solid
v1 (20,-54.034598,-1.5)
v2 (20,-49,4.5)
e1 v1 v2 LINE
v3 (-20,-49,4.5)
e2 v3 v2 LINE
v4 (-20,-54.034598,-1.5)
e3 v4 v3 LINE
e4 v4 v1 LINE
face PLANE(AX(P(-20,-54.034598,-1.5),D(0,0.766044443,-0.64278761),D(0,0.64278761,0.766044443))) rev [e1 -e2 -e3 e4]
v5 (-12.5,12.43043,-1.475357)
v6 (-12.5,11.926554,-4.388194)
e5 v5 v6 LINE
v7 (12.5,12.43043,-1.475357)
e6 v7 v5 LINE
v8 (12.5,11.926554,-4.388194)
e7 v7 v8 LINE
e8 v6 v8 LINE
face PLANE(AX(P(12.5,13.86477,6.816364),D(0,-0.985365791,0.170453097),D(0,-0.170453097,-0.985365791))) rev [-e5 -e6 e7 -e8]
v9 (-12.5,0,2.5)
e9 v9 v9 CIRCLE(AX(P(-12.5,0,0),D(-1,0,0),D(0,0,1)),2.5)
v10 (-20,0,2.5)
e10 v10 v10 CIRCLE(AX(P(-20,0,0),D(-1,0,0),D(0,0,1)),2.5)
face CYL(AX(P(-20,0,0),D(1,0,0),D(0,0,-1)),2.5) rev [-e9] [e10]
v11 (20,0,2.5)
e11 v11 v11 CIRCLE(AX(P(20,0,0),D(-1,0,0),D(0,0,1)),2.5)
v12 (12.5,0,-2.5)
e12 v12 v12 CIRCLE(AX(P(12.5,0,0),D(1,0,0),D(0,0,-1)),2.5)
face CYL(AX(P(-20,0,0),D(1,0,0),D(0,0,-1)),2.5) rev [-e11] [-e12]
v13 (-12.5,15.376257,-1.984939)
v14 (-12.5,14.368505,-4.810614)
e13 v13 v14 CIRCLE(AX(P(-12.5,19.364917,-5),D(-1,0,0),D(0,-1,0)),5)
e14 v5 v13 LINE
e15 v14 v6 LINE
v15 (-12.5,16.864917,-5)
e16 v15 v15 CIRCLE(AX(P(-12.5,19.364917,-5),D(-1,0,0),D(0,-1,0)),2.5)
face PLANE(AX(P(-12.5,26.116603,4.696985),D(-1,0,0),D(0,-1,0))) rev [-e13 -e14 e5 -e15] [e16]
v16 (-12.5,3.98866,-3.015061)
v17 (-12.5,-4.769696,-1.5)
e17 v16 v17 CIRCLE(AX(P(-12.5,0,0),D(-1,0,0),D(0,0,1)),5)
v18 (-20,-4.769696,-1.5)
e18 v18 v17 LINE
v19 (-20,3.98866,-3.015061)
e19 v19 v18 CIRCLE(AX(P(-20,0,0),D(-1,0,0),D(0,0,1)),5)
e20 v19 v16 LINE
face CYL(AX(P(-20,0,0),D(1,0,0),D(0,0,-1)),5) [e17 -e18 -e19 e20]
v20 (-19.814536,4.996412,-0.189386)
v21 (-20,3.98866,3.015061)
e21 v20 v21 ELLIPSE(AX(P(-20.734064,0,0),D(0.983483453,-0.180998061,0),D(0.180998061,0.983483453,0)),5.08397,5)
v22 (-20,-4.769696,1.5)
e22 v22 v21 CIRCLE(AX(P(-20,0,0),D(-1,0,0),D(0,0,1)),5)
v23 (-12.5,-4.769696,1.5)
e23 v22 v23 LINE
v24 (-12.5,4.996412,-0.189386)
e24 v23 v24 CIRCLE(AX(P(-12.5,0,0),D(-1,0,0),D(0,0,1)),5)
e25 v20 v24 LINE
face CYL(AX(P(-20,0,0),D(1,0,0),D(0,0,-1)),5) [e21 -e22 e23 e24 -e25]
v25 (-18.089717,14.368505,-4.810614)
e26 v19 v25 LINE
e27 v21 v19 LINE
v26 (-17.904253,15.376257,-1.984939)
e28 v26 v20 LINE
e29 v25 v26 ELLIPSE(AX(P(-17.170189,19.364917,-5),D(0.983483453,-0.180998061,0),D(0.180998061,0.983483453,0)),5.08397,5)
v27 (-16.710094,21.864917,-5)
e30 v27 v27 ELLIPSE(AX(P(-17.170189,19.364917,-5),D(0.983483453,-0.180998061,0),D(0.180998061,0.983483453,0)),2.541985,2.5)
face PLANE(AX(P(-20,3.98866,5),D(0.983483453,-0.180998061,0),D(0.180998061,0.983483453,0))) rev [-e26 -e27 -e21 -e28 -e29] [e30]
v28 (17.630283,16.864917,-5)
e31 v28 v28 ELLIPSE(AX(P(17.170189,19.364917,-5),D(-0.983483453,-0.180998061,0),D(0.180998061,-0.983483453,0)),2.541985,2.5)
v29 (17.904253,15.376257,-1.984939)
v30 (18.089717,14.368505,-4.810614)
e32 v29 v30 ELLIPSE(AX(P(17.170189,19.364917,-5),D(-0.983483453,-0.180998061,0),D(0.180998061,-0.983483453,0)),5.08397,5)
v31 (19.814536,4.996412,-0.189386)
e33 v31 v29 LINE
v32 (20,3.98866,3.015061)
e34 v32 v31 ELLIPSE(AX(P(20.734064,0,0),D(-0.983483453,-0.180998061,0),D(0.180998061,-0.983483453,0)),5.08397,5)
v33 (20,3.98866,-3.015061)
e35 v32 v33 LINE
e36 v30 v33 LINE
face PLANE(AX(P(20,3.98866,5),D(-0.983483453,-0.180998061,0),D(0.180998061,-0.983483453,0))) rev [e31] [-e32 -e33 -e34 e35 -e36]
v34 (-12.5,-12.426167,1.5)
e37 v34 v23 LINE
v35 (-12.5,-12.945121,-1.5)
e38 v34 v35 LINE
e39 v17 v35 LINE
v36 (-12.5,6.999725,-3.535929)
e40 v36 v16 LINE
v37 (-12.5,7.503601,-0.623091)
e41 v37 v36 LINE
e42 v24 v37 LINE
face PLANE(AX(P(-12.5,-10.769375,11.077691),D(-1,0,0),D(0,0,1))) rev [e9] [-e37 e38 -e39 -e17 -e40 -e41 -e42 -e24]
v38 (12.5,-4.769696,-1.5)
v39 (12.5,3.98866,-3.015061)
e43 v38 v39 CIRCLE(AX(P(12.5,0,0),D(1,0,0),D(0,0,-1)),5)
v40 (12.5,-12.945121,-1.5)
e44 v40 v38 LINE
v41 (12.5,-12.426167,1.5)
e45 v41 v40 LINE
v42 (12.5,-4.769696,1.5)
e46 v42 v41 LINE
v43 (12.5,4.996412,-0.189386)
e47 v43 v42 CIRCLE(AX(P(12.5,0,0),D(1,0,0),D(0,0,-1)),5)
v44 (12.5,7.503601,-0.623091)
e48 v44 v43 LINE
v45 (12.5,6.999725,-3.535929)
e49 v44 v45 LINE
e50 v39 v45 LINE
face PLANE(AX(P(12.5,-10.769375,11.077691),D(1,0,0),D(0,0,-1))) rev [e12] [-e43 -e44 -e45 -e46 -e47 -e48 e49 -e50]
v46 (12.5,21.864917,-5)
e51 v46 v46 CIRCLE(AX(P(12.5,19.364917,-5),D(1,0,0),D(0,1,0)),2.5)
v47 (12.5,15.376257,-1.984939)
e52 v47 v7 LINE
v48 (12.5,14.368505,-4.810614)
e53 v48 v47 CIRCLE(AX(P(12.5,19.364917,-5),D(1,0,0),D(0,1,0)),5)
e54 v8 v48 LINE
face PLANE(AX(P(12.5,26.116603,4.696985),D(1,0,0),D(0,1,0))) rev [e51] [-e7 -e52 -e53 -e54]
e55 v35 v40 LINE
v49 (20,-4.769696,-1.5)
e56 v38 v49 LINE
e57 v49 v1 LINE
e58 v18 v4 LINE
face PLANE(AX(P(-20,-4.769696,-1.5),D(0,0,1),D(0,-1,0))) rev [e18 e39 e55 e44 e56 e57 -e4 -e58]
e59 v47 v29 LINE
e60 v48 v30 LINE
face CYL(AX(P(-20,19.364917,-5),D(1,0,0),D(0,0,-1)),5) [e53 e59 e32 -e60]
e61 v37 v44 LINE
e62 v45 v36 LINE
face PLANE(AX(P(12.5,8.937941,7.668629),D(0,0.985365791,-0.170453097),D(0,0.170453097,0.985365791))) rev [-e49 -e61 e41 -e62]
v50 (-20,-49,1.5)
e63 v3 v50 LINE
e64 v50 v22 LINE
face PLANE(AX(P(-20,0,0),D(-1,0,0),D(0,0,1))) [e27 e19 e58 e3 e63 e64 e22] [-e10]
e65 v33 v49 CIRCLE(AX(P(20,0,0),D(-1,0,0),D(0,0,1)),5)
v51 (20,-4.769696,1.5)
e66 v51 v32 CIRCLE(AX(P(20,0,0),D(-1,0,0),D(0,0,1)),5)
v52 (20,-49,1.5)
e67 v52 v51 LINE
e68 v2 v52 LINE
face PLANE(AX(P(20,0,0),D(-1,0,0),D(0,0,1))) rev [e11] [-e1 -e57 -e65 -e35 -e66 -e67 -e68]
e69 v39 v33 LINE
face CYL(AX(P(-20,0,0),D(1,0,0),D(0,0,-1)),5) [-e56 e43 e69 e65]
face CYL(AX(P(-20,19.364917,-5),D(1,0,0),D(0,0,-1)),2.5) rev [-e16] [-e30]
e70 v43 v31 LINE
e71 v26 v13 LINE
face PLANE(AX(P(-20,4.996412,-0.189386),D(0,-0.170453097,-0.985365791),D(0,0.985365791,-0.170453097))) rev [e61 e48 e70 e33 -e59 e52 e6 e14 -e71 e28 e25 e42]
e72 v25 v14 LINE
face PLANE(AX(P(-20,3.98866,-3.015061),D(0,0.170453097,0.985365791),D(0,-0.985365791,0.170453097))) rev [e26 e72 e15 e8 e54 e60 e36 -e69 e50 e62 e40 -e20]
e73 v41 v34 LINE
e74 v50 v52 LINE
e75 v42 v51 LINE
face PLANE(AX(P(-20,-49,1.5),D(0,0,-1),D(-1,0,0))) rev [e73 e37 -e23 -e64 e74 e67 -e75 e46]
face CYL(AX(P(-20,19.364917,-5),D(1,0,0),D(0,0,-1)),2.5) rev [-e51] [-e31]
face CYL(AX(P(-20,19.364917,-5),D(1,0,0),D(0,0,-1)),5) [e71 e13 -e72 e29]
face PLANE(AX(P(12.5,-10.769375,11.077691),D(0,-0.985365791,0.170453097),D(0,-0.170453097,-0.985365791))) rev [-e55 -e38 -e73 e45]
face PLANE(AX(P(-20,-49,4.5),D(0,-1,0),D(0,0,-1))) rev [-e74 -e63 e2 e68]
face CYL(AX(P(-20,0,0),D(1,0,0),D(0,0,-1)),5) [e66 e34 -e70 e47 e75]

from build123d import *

# Parameters (mm, degrees)
SKETCH1_R               = 2.5
BOSS_EXTRUDE1_DEPTH     = 20
CUT_EXTRUDE1_DEPTH      = 58.772252315
CUT_EXTRUDE1_DEPTH_BACK = 58.772252315
SKETCH2_W               = 25
SKETCH2_H               = 20
CUT_EXTRUDE2_DEPTH      = 58.772252315
CUT_EXTRUDE2_DEPTH_BACK = 58.772252315
SKETCH3_W               = 25
SKETCH3_H               = 12.433791975
CUT_EXTRUDE4_DEPTH      = 59.240774016
CUT_EXTRUDE4_DEPTH_BACK = 59.240774016


with BuildPart() as part:
    # Sketch1 → Boss-Extrude1 (new, symmetric)
    with BuildSketch(Plane(origin=(0, 0, 0), x_dir=(0, 1, 0), z_dir=(-1, 0, 0))):
        with BuildLine():
            Line((-54.034597787, 1.5), (-49, -4.5))
            Line((-49, -4.5), (-49, -1.5))
            Line((-49, -1.5), (-4.769696007, -1.5))
            ThreePointArc((-4.769696007, -1.5), (0.852265487, -4.926828954), (4.996412, 0.18938619))
            Line((4.996412, 0.18938619), (15.376256638, 1.98493936))
            ThreePointArc((15.376256638, 1.98493936), (24.074374147, 6.679586511), (14.368504731, 4.81061381))
            Line((14.368504731, 4.81061381), (3.988660093, 3.01506064))
            ThreePointArc((3.988660093, 3.01506064), (-0.852265487, 4.926828954), (-4.769696007, 1.5))
            Line((-4.769696007, 1.5), (-54.034597787, 1.5))
        make_face()
        with Locations(Location((0, 0, 0), (0, 0, 270))):
            Circle(SKETCH1_R, mode=Mode.SUBTRACT)
        with Locations(Location((19.364916731, 5, 0), (0, 0, 270))):
            Circle(SKETCH1_R, mode=Mode.SUBTRACT)
    extrude(amount=BOSS_EXTRUDE1_DEPTH, both=True)

    # Sketch2 → Cut-Extrude1 (cut, two sides: drawn at the far end of the back side and taken through both)
    with BuildSketch(Plane(origin=(0, -0.390517957, -2.25753032), x_dir=(-1, 0, 0), z_dir=(0, -0.17045309739797798, -0.9853657907535838)).offset(-CUT_EXTRUDE1_DEPTH_BACK)):
        with Locations((0, -2.5)):
            Rectangle(SKETCH2_W, SKETCH2_H)
    extrude(amount=CUT_EXTRUDE1_DEPTH + CUT_EXTRUDE1_DEPTH_BACK, mode=Mode.SUBTRACT)

    # Sketch3 → Cut-Extrude2 (cut, two sides: drawn at the far end of the back side and taken through both)
    with BuildSketch(Plane(origin=(0, -0.390517957, -2.25753032), x_dir=(-1, 0, 0), z_dir=(0, -0.17045309739797798, -0.9853657907535838)).offset(-CUT_EXTRUDE2_DEPTH_BACK)):
        with Locations((0, 18.716895988)):
            Rectangle(SKETCH3_W, SKETCH3_H)
    extrude(amount=CUT_EXTRUDE2_DEPTH + CUT_EXTRUDE2_DEPTH_BACK, mode=Mode.SUBTRACT)

    # Sketch4 → Cut-Extrude4 (cut, two sides: drawn at the far end of the back side and taken through both)
    with BuildSketch(Plane(origin=(0, 0, -1.5), x_dir=(-1, 0, 0), z_dir=(0, 0, -1)).offset(-CUT_EXTRUDE4_DEPTH_BACK)):
        Polygon((-20, 3.988660093), (-16.25, 24.364916731), (-20, 24.364916731), align=None)
        Polygon((20, 3.988660093), (20, 24.364916731), (16.25, 24.364916731), align=None)
    extrude(amount=CUT_EXTRUDE4_DEPTH + CUT_EXTRUDE4_DEPTH_BACK, mode=Mode.SUBTRACT)


solid = part.part
